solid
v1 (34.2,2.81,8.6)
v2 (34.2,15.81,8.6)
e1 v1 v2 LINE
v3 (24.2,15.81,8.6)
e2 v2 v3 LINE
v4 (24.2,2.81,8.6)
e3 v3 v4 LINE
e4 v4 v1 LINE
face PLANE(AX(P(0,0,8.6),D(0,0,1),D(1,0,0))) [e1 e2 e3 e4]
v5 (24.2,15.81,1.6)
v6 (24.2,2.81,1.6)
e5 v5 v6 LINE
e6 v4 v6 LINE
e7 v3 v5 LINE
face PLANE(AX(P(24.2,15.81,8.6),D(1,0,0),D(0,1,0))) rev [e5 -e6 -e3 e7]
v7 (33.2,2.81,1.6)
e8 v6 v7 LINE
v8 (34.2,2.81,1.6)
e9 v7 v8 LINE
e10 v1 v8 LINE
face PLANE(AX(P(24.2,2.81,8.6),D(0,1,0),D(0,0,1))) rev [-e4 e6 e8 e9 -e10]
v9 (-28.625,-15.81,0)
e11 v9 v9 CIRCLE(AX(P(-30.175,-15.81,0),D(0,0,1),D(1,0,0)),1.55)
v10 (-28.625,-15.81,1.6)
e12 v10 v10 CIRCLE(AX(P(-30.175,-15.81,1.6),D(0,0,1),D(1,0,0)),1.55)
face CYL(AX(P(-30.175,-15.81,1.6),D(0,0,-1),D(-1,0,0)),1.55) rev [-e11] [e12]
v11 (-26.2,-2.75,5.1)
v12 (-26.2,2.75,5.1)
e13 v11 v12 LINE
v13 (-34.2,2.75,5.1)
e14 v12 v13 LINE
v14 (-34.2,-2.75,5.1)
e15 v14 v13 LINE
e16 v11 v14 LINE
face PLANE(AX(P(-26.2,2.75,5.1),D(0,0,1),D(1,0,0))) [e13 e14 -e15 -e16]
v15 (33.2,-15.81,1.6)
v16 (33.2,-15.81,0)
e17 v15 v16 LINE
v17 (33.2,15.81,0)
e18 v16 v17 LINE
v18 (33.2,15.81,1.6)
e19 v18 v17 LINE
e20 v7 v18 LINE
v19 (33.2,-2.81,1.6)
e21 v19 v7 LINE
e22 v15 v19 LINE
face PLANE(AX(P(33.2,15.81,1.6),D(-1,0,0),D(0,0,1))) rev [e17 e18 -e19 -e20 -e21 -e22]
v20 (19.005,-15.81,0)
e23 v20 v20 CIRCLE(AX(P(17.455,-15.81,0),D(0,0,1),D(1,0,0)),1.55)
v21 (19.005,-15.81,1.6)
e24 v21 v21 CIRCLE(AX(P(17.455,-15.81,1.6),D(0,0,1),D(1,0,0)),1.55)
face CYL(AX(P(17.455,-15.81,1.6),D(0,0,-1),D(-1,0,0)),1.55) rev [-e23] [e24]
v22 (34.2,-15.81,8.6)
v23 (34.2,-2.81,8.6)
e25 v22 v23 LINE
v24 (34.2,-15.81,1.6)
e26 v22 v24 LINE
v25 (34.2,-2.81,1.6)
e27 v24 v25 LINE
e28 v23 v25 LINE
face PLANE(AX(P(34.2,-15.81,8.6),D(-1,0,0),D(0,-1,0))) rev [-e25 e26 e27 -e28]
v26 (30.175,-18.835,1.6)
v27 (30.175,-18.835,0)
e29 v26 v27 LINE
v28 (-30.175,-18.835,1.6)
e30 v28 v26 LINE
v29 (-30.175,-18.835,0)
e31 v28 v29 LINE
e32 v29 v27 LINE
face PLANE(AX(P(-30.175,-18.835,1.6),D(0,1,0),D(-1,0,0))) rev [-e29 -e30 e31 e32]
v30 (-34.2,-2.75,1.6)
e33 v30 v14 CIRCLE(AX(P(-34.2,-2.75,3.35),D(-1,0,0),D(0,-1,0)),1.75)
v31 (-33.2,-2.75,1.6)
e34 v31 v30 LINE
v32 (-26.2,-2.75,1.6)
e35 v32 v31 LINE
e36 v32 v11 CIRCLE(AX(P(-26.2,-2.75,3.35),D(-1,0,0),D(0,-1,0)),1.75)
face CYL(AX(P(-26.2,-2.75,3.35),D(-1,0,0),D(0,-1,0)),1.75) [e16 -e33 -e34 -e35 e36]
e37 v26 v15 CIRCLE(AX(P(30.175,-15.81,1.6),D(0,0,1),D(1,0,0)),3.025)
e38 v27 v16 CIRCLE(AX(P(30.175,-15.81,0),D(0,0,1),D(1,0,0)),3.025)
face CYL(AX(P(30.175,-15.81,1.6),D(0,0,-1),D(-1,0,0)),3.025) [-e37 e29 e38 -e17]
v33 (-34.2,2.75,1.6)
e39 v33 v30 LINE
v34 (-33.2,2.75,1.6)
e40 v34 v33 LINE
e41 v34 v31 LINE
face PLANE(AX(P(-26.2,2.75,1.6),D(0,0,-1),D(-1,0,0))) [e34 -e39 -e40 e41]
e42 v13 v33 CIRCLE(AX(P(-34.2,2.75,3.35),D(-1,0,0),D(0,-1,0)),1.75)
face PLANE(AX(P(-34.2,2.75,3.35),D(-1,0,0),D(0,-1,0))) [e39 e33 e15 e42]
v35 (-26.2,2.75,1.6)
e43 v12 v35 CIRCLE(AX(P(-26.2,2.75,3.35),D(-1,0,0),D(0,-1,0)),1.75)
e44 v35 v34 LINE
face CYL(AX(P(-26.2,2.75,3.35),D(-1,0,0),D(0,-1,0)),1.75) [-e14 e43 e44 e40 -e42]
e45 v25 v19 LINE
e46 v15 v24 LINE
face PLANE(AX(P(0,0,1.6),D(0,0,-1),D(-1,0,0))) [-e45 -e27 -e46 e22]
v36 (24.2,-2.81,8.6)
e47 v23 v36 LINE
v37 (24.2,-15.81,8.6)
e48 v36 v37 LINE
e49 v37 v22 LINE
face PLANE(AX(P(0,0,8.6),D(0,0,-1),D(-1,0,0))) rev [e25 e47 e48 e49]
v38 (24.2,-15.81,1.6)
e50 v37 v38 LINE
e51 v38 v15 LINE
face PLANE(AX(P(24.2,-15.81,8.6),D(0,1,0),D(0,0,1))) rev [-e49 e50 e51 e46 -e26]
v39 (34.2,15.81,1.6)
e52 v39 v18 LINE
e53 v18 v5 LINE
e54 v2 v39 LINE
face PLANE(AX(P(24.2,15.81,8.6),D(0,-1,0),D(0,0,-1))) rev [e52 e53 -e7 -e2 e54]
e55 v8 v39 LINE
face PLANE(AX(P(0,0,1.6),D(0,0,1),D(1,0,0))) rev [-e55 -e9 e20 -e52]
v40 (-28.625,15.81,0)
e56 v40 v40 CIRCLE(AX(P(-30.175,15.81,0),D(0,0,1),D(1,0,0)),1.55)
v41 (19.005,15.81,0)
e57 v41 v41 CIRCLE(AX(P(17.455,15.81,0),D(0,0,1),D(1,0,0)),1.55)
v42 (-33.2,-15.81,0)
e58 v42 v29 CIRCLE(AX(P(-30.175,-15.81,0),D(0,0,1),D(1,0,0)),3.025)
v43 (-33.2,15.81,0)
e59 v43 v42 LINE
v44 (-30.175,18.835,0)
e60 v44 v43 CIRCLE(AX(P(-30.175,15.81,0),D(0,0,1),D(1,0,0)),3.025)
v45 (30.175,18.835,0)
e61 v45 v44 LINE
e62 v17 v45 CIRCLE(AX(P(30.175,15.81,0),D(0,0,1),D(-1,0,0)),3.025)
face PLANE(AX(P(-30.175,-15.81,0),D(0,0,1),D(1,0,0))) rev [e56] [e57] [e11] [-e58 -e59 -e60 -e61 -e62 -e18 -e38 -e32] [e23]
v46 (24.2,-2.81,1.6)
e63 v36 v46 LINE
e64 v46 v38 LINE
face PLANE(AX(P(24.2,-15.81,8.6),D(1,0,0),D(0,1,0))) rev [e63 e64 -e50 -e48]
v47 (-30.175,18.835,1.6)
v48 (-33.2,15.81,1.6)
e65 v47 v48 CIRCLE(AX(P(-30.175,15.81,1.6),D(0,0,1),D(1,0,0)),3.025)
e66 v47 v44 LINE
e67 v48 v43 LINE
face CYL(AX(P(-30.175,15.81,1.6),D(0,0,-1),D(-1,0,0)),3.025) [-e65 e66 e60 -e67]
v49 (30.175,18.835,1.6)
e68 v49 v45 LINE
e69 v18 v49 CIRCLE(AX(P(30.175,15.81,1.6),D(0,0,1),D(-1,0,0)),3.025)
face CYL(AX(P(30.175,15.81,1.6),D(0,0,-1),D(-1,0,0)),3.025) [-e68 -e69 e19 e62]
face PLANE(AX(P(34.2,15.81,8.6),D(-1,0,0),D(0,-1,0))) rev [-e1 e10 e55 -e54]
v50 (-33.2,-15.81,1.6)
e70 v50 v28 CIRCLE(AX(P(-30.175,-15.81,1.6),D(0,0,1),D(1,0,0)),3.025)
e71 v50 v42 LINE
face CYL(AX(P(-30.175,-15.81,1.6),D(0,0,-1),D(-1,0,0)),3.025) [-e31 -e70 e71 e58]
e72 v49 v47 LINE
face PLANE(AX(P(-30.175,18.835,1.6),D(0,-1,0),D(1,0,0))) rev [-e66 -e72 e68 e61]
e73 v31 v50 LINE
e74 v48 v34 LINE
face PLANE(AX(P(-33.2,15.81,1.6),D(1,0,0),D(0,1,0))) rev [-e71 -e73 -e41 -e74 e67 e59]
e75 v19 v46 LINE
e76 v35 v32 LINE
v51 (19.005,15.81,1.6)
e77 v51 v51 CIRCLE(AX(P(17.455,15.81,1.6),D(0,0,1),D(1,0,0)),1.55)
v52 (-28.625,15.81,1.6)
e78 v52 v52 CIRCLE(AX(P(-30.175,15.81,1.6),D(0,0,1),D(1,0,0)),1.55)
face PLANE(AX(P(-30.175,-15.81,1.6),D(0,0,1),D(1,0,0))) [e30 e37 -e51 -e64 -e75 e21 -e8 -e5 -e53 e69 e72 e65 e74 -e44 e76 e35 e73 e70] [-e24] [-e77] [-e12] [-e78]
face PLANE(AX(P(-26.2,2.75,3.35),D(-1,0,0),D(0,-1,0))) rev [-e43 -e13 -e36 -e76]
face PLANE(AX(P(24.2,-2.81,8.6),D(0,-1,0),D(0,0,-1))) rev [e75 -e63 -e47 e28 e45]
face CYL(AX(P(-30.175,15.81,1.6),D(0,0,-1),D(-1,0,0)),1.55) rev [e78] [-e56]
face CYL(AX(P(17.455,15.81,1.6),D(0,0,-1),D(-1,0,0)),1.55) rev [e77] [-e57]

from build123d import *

# Parameters (mm, degrees)
ESBO_O1_R                     = 1.55
RESSALTO_EXTRUS_O1_DEPTH      = 1.6
ESBO_O2_W                     = 10
ESBO_O2_H                     = 13
RESSALTO_EXTRUS_O2_DEPTH      = 7
RESSALTO_EXTRUS_O3_DEPTH      = 1
RESSALTO_EXTRUS_O3_DEPTH_BACK = 7


with BuildPart() as part:
    # Esboço1 → Ressalto-extrusão1 (new body)
    with BuildSketch(Plane.XY):
        with BuildLine():
            Line((-30.175, 18.835), (30.175, 18.835))
            ThreePointArc((30.175, 18.835), (32.313998013, 17.948998013), (33.2, 15.81))
            Line((33.2, 15.81), (33.2, -15.81))
            ThreePointArc((33.2, -15.81), (32.313998013, -17.948998013), (30.175, -18.835))
            Line((30.175, -18.835), (-30.175, -18.835))
            ThreePointArc((-30.175, -18.835), (-32.313998013, -17.948998013), (-33.2, -15.81))
            Line((-33.2, -15.81), (-33.2, 15.81))
            ThreePointArc((-33.2, 15.81), (-32.313998013, 17.948998013), (-30.175, 18.835))
        make_face()
        with Locations((-30.175, 15.81)):
            Circle(ESBO_O1_R, mode=Mode.SUBTRACT)
        with Locations((-30.175, -15.81)):
            Circle(ESBO_O1_R, mode=Mode.SUBTRACT)
        with Locations((17.455, 15.81)):
            Circle(ESBO_O1_R, mode=Mode.SUBTRACT)
        with Locations((17.455, -15.81)):
            Circle(ESBO_O1_R, mode=Mode.SUBTRACT)
    extrude(amount=RESSALTO_EXTRUS_O1_DEPTH)

    # Esboço2 → Ressalto-extrusão2 (add)
    with BuildSketch(Plane.XY.offset(1.6)):
        with Locations((29.2, 9.31)):
            Rectangle(ESBO_O2_W, ESBO_O2_H)
        with Locations((29.2, -9.31)):
            Rectangle(ESBO_O2_W, ESBO_O2_H)
    extrude(amount=RESSALTO_EXTRUS_O2_DEPTH)

    # Esboço3 → Ressalto-extrusão3 (add, two sides)
    with BuildSketch(Plane.ZY.offset(33.2)) as ressalto_extrus_o3_sk:
        with BuildLine():
            Line((5.1, 2.75), (5.1, -2.75))
            ThreePointArc((5.1, -2.75), (3.35, -4.5), (1.6, -2.75))
            Line((1.6, -2.75), (1.6, 2.75))
            ThreePointArc((1.6, 2.75), (3.35, 4.5), (5.1, 2.75))
        make_face()
    extrude(amount=RESSALTO_EXTRUS_O3_DEPTH)
    extrude(ressalto_extrus_o3_sk.sketch, amount=-RESSALTO_EXTRUS_O3_DEPTH_BACK)


solid = part.part
